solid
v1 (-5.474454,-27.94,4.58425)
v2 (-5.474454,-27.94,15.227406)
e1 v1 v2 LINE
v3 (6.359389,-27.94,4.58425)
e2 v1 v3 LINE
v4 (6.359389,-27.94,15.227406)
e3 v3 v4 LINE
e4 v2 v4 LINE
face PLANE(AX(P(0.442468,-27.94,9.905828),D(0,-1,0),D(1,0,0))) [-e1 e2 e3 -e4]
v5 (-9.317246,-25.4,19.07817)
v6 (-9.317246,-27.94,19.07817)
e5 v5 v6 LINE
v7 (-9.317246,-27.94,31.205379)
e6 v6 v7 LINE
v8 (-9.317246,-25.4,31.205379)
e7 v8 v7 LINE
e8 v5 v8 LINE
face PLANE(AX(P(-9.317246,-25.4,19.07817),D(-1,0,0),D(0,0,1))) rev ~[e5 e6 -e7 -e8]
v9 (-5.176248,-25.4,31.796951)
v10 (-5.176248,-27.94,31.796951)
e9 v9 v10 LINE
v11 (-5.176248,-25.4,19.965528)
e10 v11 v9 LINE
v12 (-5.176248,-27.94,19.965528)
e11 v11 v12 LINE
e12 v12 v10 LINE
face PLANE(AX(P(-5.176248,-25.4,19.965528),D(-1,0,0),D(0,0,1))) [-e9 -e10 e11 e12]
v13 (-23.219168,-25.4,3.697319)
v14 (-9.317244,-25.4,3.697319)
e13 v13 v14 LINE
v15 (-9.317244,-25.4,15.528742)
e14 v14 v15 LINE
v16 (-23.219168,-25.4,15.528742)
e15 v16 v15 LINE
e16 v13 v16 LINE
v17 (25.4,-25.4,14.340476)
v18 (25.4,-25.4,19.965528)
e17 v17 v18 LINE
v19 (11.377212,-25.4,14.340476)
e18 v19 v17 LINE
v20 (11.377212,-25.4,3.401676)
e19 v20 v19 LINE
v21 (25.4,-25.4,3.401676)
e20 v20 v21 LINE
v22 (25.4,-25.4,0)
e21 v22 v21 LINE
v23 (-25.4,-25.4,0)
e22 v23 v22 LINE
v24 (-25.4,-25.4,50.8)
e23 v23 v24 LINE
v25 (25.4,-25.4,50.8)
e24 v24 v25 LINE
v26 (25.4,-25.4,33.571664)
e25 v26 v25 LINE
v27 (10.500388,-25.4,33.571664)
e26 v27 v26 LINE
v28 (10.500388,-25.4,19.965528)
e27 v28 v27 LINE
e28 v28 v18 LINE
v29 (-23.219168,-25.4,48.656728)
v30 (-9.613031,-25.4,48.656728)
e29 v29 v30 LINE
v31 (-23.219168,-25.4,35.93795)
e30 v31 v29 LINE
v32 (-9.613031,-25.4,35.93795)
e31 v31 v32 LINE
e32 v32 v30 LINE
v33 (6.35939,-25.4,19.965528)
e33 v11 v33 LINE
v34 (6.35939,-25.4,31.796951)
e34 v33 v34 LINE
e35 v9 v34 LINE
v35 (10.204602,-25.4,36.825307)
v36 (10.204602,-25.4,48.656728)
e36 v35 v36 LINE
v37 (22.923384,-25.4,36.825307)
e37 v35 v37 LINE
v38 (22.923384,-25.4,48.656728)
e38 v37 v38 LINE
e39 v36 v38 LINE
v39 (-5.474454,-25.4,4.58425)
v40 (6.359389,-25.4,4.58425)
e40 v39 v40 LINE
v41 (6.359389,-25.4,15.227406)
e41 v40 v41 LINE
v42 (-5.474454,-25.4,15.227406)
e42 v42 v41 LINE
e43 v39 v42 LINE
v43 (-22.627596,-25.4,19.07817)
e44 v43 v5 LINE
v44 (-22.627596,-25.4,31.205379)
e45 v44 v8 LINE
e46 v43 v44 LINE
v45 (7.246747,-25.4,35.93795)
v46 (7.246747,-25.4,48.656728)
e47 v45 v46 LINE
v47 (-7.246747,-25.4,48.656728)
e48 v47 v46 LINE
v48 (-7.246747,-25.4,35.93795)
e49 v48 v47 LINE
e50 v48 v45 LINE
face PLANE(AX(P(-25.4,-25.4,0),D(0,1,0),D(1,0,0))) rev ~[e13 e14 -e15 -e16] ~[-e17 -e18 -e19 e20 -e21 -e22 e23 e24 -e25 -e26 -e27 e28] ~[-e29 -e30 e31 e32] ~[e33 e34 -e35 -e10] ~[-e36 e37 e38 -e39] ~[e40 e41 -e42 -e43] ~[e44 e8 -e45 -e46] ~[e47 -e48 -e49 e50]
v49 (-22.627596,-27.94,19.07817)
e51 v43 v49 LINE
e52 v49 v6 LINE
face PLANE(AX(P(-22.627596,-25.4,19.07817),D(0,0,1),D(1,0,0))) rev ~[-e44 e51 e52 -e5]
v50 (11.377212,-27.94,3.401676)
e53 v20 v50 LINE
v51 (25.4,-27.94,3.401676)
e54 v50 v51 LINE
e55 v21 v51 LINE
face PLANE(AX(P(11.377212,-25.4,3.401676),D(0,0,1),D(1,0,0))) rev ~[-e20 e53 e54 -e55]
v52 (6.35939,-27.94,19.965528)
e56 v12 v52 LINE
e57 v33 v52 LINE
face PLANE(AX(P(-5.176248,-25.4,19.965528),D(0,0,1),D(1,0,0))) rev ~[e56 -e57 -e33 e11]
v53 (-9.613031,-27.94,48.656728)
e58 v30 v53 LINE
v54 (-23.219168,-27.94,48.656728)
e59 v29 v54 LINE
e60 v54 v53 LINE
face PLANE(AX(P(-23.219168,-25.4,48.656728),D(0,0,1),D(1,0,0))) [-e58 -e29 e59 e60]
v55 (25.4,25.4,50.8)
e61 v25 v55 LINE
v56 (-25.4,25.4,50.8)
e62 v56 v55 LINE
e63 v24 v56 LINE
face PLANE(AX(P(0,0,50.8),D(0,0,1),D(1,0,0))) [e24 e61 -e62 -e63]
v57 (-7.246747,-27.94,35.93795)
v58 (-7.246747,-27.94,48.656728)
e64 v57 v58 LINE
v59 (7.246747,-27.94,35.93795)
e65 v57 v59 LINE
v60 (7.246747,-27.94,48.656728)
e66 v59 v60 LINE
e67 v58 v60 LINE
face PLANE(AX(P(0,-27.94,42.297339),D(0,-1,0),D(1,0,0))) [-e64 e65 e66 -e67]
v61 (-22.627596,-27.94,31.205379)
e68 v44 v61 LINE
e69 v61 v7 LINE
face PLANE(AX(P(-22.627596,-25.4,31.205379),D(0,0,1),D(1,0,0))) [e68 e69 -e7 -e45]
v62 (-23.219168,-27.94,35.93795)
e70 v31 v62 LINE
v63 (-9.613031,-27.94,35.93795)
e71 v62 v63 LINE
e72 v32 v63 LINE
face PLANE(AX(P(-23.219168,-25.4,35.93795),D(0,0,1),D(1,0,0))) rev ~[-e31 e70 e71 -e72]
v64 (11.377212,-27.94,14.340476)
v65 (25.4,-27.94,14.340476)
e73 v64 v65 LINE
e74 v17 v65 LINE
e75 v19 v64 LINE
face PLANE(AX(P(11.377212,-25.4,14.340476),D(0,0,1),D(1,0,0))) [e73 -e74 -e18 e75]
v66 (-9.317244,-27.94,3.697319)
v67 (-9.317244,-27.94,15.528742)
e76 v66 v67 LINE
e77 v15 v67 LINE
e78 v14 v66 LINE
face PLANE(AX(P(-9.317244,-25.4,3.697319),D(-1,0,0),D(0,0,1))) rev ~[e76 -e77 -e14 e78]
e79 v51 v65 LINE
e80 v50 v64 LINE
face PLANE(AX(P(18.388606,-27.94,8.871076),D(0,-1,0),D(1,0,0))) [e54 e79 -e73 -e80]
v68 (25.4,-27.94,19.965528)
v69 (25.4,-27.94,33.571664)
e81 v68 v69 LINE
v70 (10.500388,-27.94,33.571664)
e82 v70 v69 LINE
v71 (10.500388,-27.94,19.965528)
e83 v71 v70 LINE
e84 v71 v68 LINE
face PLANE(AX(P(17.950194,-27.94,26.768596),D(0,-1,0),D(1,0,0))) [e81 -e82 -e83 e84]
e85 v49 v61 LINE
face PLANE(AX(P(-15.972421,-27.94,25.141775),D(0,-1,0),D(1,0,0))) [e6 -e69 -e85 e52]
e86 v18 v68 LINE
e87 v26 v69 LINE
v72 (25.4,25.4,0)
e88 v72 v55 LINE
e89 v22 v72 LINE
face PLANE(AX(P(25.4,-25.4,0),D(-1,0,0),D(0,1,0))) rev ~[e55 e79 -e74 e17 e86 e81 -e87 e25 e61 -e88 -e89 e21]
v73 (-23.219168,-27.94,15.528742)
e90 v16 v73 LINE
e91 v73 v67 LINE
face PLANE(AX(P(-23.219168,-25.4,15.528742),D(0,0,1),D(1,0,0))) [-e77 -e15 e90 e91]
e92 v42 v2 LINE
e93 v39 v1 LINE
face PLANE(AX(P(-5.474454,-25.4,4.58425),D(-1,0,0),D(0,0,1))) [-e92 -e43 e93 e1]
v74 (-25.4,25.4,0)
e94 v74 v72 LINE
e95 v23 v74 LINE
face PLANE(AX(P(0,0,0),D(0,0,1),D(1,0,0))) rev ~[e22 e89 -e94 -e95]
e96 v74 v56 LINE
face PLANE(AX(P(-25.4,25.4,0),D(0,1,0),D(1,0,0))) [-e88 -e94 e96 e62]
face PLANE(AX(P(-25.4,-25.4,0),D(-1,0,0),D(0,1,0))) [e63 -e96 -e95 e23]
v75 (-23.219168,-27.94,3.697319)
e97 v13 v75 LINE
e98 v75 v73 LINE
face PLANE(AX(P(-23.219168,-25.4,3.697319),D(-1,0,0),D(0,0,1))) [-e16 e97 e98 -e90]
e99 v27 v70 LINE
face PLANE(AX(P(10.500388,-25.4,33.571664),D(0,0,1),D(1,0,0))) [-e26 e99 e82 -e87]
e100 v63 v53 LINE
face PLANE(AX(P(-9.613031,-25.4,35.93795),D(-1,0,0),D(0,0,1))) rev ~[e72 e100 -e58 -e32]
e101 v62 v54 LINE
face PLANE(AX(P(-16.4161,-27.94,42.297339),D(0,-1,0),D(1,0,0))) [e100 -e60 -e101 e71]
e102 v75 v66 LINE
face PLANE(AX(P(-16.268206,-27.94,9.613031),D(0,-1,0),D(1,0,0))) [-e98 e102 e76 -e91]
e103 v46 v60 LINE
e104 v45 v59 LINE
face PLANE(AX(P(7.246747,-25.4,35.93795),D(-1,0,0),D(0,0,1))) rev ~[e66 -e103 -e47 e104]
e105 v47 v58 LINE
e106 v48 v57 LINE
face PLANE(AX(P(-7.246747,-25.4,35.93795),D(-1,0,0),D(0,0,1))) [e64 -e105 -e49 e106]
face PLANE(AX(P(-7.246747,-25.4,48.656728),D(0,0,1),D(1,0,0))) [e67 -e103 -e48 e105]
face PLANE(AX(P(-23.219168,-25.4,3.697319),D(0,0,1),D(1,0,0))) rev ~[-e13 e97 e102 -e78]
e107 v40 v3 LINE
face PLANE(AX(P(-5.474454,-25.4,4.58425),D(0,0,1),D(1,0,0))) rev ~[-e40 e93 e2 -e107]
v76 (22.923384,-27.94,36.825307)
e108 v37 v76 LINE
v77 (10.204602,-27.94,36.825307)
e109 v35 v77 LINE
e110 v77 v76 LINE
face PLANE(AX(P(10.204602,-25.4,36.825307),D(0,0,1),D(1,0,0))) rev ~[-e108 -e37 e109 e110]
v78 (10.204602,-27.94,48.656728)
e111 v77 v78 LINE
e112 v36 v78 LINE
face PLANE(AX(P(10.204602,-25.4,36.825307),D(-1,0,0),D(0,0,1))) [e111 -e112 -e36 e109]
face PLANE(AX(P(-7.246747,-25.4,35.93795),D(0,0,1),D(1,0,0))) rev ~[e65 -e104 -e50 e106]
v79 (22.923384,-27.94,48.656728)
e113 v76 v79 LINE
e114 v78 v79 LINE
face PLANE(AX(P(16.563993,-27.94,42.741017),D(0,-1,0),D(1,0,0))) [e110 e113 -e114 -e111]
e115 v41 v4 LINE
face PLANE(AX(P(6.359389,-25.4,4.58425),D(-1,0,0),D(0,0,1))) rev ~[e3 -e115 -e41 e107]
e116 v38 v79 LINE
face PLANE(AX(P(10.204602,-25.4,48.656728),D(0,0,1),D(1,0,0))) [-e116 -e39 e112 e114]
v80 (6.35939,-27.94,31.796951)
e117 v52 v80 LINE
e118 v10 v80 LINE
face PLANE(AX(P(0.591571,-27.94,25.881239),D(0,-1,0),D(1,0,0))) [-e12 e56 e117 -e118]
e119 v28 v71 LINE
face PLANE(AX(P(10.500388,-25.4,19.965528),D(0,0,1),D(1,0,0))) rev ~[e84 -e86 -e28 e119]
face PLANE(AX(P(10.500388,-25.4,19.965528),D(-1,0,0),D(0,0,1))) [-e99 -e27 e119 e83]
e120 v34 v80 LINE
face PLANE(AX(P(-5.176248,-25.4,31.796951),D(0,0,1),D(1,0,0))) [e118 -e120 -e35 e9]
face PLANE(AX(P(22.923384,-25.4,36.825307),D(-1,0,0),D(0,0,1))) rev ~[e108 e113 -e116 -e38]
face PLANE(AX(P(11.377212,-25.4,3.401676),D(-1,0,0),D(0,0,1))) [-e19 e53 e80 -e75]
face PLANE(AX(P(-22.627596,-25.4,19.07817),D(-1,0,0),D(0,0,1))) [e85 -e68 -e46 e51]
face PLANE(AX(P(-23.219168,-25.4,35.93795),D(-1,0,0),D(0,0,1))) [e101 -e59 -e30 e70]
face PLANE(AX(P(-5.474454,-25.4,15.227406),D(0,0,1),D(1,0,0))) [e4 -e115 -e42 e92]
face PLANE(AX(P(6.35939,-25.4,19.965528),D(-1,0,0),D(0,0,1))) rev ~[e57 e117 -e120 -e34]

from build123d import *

# Parameters (mm, degrees)
F0_W     = 50.8
F0_H     = 50.8
F1_DEPTH = 50.8
F2_W     = 13.606137
F2_H     = 12.718778
F2_W_2   = 13.310351
F2_H_2   = 12.127209
F2_W_3   = 14.493494
F2_W_4   = 12.718782
F2_H_3   = 11.831421
F2_W_5   = 14.899612
F2_H_4   = 13.606136
F2_W_6   = 11.535638
F2_H_5   = 11.831423
F2_W_7   = 13.901923
F2_W_8   = 11.833843
F2_H_6   = 10.643156
F2_W_9   = 14.022788
F2_H_7   = 10.9388
F3_DEPTH = 2.54


with BuildPart() as f1:
    # F0 (on Top) → F1 (new body)
    with BuildSketch(Plane.XY):
        Rectangle(F0_W, F0_H)
    extrude(amount=F1_DEPTH)

    # F2 (on face) → F3 (join)
    with BuildSketch(Plane.XZ.offset(25.4)):
        with Locations((-16.4161, 42.297339)):
            Rectangle(F2_W, F2_H)
        with Locations((-15.972421, 25.141775)):
            Rectangle(F2_W_2, F2_H_2)
        with Locations((0, 42.297339)):
            Rectangle(F2_W_3, F2_H)
        with Locations((16.563993, 42.741017)):
            Rectangle(F2_W_4, F2_H_3)
        with Locations((17.950194, 26.768596)):
            Rectangle(F2_W_5, F2_H_4)
        with Locations((0.591571, 25.881239)):
            Rectangle(F2_W_6, F2_H_5)
        with Locations((-16.268206, 9.613031)):
            Rectangle(F2_W_7, F2_H_5)
        with Locations((0.442468, 9.905828)):
            Rectangle(F2_W_8, F2_H_6)
        with Locations((18.388606, 8.871076)):
            Rectangle(F2_W_9, F2_H_7)
    extrude(amount=F3_DEPTH)


solid = f1.part
